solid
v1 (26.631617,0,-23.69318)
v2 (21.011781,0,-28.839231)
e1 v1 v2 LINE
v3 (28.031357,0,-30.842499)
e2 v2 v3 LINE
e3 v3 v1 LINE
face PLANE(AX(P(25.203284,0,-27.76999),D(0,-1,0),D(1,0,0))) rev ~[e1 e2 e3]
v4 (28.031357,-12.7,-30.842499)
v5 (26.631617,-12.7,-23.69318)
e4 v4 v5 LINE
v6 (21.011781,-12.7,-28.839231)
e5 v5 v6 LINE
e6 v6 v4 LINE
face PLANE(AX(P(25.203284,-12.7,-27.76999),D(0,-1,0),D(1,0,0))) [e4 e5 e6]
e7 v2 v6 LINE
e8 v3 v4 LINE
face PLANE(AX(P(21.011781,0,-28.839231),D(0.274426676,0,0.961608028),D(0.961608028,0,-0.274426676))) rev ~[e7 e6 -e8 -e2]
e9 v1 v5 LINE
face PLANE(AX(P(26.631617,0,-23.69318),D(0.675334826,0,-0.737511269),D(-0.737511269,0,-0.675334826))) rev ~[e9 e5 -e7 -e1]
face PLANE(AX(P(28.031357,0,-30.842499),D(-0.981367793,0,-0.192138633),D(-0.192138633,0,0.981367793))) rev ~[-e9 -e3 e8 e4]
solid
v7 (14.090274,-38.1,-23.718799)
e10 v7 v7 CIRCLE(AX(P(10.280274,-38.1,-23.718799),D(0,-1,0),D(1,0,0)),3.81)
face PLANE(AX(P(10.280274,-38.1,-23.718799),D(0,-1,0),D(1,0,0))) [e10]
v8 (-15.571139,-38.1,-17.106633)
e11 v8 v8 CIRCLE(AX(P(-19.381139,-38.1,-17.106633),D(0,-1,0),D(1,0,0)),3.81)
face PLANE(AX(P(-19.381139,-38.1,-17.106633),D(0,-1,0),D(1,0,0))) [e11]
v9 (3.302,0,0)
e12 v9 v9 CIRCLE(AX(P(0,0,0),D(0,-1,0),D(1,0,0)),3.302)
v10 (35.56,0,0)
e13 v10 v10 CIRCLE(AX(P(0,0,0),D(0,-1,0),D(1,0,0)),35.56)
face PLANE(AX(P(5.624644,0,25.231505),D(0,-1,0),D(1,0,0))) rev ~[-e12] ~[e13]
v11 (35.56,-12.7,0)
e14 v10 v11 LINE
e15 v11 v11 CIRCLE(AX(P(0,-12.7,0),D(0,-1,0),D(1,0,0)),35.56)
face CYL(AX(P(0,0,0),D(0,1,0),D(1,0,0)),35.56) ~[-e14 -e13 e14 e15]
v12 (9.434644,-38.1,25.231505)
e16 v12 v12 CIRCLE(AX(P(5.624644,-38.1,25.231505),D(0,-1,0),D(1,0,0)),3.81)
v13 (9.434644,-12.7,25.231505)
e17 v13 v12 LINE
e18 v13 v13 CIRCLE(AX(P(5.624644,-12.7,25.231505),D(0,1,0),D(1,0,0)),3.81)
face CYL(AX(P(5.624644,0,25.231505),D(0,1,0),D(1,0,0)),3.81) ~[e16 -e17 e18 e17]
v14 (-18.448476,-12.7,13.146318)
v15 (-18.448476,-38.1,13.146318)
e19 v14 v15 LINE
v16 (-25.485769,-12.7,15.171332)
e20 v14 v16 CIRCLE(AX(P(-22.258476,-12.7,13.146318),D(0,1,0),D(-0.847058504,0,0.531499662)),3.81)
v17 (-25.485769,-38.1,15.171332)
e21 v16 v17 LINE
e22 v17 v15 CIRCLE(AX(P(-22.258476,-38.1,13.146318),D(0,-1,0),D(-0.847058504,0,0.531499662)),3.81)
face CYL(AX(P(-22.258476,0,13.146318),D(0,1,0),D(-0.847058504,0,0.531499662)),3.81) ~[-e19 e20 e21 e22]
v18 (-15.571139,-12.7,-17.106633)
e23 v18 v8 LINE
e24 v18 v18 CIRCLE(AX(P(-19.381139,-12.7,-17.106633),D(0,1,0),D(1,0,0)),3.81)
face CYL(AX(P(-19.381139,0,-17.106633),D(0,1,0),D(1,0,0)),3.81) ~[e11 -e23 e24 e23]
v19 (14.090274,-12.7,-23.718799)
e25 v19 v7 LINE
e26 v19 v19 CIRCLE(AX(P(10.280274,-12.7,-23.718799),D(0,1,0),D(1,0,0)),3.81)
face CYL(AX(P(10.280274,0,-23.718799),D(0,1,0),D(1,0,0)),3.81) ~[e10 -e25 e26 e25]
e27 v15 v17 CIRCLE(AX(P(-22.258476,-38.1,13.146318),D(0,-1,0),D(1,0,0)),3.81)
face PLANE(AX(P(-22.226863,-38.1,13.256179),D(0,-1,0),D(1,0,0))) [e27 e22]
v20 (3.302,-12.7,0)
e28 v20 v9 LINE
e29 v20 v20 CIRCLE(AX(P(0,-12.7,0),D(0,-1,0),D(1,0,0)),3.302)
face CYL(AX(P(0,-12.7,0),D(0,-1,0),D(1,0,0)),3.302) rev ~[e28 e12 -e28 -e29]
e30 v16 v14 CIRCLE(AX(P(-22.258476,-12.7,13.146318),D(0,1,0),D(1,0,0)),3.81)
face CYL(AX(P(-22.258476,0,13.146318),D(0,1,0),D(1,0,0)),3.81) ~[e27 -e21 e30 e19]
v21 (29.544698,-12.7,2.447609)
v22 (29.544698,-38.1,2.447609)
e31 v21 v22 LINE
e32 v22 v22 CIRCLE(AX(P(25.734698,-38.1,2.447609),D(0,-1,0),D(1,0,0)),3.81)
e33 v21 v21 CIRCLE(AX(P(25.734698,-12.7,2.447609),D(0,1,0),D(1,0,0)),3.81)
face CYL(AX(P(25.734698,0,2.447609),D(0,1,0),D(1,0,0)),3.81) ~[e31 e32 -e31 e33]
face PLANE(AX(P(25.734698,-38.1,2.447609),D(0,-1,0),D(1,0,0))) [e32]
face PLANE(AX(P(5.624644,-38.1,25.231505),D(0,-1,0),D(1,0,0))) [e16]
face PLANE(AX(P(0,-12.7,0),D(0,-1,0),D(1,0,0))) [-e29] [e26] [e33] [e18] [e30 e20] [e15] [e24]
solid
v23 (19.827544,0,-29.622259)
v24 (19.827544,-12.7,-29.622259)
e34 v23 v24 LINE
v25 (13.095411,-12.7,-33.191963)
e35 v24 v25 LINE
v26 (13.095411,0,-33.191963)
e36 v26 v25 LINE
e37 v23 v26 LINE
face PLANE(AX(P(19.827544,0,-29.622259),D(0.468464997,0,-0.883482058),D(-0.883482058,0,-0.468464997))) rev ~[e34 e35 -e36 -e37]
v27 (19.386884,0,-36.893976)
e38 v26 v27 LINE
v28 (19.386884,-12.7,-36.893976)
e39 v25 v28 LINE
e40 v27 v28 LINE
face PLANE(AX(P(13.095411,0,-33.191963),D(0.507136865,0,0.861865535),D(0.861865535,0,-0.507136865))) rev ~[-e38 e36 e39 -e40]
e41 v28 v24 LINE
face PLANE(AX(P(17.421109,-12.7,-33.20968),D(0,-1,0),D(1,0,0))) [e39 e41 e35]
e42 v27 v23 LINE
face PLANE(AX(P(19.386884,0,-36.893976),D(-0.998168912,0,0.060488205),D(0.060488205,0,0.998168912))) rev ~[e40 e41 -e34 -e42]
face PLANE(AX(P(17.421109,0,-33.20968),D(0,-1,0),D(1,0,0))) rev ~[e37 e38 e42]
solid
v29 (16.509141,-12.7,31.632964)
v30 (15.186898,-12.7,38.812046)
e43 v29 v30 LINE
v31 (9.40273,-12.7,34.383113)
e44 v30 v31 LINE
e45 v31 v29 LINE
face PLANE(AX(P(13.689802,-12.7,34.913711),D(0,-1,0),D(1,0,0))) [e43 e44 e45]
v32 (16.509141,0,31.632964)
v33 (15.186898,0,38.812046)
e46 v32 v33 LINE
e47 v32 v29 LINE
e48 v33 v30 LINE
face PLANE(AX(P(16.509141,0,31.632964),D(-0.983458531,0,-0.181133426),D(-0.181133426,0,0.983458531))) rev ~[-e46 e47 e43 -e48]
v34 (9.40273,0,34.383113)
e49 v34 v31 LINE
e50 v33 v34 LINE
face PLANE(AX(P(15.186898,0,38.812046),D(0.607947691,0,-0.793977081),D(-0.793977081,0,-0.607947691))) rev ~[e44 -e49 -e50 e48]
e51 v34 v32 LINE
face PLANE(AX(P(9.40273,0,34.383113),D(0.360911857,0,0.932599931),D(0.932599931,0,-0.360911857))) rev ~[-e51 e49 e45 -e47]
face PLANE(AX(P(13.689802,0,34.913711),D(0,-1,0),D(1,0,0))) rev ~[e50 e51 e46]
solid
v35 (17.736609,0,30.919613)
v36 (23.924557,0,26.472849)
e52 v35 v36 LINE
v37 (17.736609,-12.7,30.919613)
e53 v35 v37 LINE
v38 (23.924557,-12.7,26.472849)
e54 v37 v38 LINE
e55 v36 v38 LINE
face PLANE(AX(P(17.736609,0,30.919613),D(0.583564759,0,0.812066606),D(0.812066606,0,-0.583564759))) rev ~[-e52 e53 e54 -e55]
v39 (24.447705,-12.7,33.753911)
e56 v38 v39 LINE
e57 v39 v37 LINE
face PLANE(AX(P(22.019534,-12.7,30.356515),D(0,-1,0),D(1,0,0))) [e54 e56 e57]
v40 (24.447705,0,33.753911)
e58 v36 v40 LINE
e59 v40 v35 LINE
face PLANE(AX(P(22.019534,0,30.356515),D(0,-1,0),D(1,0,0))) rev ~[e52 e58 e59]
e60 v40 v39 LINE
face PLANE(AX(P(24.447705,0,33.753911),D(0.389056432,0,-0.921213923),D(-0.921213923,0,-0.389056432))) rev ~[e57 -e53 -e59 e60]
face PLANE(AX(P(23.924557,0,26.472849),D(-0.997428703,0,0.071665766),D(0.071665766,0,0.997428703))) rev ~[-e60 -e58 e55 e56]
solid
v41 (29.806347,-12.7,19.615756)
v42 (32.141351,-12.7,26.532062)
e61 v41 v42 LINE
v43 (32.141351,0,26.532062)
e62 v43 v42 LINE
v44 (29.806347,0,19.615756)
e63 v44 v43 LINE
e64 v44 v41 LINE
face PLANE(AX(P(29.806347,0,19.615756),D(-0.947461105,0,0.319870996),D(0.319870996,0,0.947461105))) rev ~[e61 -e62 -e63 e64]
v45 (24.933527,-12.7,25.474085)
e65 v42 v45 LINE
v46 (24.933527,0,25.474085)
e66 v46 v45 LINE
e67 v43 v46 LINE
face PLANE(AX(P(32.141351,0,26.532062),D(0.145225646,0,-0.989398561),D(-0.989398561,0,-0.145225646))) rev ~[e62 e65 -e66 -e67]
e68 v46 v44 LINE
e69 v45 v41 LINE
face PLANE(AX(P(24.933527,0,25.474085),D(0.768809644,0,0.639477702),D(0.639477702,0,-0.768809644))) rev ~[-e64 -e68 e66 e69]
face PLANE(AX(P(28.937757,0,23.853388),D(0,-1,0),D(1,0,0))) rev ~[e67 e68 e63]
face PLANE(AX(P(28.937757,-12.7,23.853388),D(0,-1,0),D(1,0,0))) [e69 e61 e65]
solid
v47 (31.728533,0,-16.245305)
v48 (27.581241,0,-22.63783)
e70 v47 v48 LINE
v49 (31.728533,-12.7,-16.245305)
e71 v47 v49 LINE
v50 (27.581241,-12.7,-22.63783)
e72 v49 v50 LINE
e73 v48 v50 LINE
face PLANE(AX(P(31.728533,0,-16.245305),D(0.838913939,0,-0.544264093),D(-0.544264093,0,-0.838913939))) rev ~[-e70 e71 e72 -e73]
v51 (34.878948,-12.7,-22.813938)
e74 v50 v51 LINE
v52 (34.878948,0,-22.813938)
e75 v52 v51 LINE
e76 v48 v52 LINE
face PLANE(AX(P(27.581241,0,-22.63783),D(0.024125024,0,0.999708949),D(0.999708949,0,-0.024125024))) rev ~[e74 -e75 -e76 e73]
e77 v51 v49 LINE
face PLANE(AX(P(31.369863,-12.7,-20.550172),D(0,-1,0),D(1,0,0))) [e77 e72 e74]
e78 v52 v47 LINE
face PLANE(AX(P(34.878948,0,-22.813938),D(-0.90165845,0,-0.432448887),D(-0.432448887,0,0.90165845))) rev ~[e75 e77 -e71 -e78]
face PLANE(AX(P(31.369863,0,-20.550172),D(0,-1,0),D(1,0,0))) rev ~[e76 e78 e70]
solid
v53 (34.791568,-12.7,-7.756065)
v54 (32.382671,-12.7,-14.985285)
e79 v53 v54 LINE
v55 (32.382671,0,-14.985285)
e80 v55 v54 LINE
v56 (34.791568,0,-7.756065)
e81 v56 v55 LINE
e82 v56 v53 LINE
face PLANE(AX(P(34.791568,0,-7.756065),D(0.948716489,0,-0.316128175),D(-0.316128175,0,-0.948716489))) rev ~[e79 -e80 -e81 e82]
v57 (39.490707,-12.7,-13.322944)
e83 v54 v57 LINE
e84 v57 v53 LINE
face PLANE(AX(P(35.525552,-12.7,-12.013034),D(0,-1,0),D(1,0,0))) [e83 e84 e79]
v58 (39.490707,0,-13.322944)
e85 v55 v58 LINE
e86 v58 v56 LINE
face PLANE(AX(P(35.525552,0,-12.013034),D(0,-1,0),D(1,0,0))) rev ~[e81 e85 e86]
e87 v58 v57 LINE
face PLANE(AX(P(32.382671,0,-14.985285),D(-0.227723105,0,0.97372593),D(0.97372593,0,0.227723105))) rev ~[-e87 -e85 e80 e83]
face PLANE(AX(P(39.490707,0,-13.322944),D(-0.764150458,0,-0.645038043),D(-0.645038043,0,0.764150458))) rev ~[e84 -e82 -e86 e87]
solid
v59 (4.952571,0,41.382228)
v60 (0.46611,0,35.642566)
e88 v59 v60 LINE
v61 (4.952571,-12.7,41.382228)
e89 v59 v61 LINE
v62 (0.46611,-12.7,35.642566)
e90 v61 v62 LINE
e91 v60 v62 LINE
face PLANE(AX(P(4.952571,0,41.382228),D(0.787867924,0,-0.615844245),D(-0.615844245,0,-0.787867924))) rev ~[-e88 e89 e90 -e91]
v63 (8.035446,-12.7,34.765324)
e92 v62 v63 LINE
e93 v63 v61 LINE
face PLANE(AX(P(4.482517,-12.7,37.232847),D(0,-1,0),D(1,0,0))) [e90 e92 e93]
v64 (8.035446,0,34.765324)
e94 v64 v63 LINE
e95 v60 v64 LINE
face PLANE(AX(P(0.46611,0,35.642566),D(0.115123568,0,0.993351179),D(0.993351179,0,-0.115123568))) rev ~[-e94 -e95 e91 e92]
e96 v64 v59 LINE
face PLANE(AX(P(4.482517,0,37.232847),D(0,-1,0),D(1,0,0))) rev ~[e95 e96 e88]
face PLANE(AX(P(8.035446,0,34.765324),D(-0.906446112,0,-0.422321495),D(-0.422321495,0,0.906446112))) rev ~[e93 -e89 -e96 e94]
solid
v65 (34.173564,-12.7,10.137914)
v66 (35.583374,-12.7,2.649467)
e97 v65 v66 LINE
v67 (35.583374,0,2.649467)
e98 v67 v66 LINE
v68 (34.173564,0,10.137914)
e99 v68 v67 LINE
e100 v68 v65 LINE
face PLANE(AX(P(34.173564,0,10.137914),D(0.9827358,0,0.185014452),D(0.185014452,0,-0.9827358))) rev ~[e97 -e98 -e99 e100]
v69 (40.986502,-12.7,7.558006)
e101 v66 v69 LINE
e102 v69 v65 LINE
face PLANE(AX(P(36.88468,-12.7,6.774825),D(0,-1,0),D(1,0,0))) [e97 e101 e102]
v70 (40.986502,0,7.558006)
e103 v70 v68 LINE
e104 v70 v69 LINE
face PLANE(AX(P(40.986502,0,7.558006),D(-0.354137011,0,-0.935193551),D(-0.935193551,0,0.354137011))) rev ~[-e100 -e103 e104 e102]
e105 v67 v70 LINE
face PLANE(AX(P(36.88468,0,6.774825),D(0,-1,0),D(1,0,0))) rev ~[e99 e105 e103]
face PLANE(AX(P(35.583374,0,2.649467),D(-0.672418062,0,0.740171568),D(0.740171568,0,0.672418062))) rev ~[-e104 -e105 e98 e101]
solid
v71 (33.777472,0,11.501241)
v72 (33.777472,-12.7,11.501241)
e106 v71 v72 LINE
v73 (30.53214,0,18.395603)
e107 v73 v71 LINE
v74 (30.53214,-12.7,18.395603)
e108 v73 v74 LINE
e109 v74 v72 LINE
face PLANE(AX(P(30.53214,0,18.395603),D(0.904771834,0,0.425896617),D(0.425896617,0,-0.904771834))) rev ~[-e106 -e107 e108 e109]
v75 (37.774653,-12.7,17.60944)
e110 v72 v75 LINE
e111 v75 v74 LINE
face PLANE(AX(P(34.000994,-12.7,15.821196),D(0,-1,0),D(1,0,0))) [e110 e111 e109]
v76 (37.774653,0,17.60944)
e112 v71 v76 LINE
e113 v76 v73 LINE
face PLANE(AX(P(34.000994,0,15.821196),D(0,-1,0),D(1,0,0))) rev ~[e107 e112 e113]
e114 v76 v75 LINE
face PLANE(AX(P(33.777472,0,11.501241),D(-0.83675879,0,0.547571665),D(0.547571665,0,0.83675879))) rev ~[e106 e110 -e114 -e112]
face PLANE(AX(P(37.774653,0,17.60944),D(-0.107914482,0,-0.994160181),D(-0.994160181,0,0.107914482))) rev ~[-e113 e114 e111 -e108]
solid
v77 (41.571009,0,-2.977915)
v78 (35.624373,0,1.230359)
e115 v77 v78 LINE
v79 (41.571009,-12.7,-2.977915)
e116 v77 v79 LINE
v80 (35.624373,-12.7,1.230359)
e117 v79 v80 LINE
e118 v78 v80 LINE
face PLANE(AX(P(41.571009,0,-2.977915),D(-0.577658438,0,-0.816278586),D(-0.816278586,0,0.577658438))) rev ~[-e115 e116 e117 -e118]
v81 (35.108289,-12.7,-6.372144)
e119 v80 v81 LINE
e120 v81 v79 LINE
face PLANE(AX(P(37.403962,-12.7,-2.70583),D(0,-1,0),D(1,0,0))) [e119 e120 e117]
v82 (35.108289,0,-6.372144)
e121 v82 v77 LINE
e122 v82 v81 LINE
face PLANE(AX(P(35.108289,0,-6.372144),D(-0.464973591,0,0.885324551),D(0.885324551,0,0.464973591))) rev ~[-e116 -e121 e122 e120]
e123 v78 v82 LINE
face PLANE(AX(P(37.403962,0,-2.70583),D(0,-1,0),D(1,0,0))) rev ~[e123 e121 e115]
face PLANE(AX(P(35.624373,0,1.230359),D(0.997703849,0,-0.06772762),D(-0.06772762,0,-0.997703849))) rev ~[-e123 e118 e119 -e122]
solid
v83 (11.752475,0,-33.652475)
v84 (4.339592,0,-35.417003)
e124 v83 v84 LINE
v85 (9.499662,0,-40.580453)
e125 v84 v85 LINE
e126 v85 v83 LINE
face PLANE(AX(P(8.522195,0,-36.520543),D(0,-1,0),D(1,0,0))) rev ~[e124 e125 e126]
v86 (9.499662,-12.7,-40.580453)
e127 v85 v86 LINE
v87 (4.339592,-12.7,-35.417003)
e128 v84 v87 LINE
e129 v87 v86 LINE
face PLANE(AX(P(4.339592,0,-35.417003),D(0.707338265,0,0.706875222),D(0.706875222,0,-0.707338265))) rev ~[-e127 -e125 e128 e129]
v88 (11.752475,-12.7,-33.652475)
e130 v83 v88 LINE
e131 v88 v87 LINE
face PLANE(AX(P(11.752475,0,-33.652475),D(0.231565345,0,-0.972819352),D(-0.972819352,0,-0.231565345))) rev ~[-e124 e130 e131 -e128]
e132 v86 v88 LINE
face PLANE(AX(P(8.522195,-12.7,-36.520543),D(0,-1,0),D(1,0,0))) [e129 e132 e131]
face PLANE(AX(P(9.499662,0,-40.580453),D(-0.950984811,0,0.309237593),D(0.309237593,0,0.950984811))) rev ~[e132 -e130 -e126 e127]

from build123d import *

# Parameters (mm, degrees)
F0_R     = 35.56
F5_DEPTH = 12.7
F3_R     = 3.81
F6_DEPTH = 38.1
F7_R     = 3.302
F8_DEPTH = 25.4


with BuildPart() as f5:
    # F0 (on Front) → F5 (new body)
    with BuildSketch(Plane.XZ):
        Circle(F0_R)
    extrude(amount=F5_DEPTH)

    # F3 (on face) → F6 (join)
    with BuildSketch(Plane.XZ):
        with Locations((5.6246439926, 25.2315048128)):
            Circle(F3_R)
        with BuildLine():
            ThreePointArc((-25.4857693866, 15.1713318157), (-23.3120689257, 9.4848917441), (-18.4484764871, 13.1463181019))
            ThreePointArc((-18.4484764871, 13.1463181019), (-21.2048840486, 16.8077444596), (-25.4857693866, 15.1713318157))
        make_face()
        with Locations((-19.3811389995, -17.106633399)):
            Circle(F3_R)
        with Locations((10.2802738448, -23.7187989755)):
            Circle(F3_R)
        with Locations((25.7346976492, 2.4476094598)):
            Circle(F3_R)
    extrude(amount=F6_DEPTH)

    # F7 (on face) → F8 (cut)
    with BuildSketch(Plane.XZ.offset(12.7)):
        Circle(F7_R)
    extrude(amount=-F8_DEPTH, mode=Mode.SUBTRACT)


with BuildPart() as f5b:
    # F2 (on Front) → F5, piece 2 (new body)
    with BuildSketch(Plane.XZ):
        Polygon((4.952570551, 41.3822282865), (0.4661103748, 35.6425658797), (8.0354463562, 34.7653242932), align=None)
    extrude(amount=F5_DEPTH)


with BuildPart() as f5c:
    # F2 (on Front) → F5, piece 3 (new body)
    with BuildSketch(Plane.XZ):
        Polygon((15.1868975727, 38.8120460055), (9.4027296107, 34.3831126752), (16.5091410856, 31.6329643247), align=None)
    extrude(amount=F5_DEPTH)


with BuildPart() as f5d:
    # F2 (on Front) → F5, piece 4 (new body)
    with BuildSketch(Plane.XZ):
        Polygon((24.4477050164, 33.7539107727), (17.7366094576, 30.9196126482), (23.9245569937, 26.4728491857), align=None)
    extrude(amount=F5_DEPTH)


with BuildPart() as f5e:
    # F2 (on Front) → F5, piece 5 (new body)
    with BuildSketch(Plane.XZ):
        Polygon((32.1413510727, 26.5320621934), (24.9335265727, 25.4740851458), (29.8063466614, 19.6157556584), align=None)
    extrude(amount=F5_DEPTH)


with BuildPart() as f5f:
    # F2 (on Front) → F5, piece 6 (new body)
    with BuildSketch(Plane.XZ):
        Polygon((37.7746530476, 17.6094395183), (30.5321398769, 18.3956026241), (33.777472095, 11.5012412472), align=None)
    extrude(amount=F5_DEPTH)


with BuildPart() as f5g:
    # F2 (on Front) → F5, piece 7 (new body)
    with BuildSketch(Plane.XZ):
        Polygon((40.9865016535, 7.5580060347), (34.1735637168, 10.137914197), (35.5833738401, 2.649467401), align=None)
    extrude(amount=F5_DEPTH)


with BuildPart() as f5h:
    # F2 (on Front) → F5, piece 8 (new body)
    with BuildSketch(Plane.XZ):
        Polygon((41.571009053, -2.9779152655), (35.6243733665, 1.2303591395), (35.1082889047, -6.3721441869), align=None)
    extrude(amount=F5_DEPTH)


with BuildPart() as f5i:
    # F2 (on Front) → F5, piece 9 (new body)
    with BuildSketch(Plane.XZ):
        Polygon((39.4907068037, -13.3229444629), (34.7915681596, -7.7560651342), (32.382671467, -14.9852847826), align=None)
    extrude(amount=F5_DEPTH)


with BuildPart() as f5j:
    # F2 (on Front) → F5, piece 10 (new body)
    with BuildSketch(Plane.XZ):
        Polygon((34.8789476827, -22.8139383177), (31.7285330727, -16.2453054888), (27.5812406837, -22.6378297038), align=None)
    extrude(amount=F5_DEPTH)


with BuildPart() as f5k:
    # F2 (on Front) → F5, piece 11 (new body)
    with BuildSketch(Plane.XZ):
        Polygon((28.0313574274, -30.8424994739), (26.6316166103, -23.693179569), (21.0117807384, -28.8392309459), align=None)
    extrude(amount=F5_DEPTH)


with BuildPart() as f5l:
    # F2 (on Front) → F5, piece 12 (new body)
    with BuildSketch(Plane.XZ):
        Polygon((19.3868843577, -36.8939763094), (19.8275443553, -29.6222593029), (13.0954110759, -33.1919625829), align=None)
    extrude(amount=F5_DEPTH)


with BuildPart() as f5m:
    # F2 (on Front) → F5, piece 13 (new body)
    with BuildSketch(Plane.XZ):
        Polygon((9.499661649, -40.5804534422), (11.7524750109, -33.6524752802), (4.3395915519, -35.417003212), align=None)
    extrude(amount=F5_DEPTH)


solid = Compound([f5.part, f5b.part, f5c.part, f5d.part, f5e.part, f5f.part, f5g.part, f5h.part, f5i.part, f5j.part, f5k.part, f5l.part, f5m.part])
